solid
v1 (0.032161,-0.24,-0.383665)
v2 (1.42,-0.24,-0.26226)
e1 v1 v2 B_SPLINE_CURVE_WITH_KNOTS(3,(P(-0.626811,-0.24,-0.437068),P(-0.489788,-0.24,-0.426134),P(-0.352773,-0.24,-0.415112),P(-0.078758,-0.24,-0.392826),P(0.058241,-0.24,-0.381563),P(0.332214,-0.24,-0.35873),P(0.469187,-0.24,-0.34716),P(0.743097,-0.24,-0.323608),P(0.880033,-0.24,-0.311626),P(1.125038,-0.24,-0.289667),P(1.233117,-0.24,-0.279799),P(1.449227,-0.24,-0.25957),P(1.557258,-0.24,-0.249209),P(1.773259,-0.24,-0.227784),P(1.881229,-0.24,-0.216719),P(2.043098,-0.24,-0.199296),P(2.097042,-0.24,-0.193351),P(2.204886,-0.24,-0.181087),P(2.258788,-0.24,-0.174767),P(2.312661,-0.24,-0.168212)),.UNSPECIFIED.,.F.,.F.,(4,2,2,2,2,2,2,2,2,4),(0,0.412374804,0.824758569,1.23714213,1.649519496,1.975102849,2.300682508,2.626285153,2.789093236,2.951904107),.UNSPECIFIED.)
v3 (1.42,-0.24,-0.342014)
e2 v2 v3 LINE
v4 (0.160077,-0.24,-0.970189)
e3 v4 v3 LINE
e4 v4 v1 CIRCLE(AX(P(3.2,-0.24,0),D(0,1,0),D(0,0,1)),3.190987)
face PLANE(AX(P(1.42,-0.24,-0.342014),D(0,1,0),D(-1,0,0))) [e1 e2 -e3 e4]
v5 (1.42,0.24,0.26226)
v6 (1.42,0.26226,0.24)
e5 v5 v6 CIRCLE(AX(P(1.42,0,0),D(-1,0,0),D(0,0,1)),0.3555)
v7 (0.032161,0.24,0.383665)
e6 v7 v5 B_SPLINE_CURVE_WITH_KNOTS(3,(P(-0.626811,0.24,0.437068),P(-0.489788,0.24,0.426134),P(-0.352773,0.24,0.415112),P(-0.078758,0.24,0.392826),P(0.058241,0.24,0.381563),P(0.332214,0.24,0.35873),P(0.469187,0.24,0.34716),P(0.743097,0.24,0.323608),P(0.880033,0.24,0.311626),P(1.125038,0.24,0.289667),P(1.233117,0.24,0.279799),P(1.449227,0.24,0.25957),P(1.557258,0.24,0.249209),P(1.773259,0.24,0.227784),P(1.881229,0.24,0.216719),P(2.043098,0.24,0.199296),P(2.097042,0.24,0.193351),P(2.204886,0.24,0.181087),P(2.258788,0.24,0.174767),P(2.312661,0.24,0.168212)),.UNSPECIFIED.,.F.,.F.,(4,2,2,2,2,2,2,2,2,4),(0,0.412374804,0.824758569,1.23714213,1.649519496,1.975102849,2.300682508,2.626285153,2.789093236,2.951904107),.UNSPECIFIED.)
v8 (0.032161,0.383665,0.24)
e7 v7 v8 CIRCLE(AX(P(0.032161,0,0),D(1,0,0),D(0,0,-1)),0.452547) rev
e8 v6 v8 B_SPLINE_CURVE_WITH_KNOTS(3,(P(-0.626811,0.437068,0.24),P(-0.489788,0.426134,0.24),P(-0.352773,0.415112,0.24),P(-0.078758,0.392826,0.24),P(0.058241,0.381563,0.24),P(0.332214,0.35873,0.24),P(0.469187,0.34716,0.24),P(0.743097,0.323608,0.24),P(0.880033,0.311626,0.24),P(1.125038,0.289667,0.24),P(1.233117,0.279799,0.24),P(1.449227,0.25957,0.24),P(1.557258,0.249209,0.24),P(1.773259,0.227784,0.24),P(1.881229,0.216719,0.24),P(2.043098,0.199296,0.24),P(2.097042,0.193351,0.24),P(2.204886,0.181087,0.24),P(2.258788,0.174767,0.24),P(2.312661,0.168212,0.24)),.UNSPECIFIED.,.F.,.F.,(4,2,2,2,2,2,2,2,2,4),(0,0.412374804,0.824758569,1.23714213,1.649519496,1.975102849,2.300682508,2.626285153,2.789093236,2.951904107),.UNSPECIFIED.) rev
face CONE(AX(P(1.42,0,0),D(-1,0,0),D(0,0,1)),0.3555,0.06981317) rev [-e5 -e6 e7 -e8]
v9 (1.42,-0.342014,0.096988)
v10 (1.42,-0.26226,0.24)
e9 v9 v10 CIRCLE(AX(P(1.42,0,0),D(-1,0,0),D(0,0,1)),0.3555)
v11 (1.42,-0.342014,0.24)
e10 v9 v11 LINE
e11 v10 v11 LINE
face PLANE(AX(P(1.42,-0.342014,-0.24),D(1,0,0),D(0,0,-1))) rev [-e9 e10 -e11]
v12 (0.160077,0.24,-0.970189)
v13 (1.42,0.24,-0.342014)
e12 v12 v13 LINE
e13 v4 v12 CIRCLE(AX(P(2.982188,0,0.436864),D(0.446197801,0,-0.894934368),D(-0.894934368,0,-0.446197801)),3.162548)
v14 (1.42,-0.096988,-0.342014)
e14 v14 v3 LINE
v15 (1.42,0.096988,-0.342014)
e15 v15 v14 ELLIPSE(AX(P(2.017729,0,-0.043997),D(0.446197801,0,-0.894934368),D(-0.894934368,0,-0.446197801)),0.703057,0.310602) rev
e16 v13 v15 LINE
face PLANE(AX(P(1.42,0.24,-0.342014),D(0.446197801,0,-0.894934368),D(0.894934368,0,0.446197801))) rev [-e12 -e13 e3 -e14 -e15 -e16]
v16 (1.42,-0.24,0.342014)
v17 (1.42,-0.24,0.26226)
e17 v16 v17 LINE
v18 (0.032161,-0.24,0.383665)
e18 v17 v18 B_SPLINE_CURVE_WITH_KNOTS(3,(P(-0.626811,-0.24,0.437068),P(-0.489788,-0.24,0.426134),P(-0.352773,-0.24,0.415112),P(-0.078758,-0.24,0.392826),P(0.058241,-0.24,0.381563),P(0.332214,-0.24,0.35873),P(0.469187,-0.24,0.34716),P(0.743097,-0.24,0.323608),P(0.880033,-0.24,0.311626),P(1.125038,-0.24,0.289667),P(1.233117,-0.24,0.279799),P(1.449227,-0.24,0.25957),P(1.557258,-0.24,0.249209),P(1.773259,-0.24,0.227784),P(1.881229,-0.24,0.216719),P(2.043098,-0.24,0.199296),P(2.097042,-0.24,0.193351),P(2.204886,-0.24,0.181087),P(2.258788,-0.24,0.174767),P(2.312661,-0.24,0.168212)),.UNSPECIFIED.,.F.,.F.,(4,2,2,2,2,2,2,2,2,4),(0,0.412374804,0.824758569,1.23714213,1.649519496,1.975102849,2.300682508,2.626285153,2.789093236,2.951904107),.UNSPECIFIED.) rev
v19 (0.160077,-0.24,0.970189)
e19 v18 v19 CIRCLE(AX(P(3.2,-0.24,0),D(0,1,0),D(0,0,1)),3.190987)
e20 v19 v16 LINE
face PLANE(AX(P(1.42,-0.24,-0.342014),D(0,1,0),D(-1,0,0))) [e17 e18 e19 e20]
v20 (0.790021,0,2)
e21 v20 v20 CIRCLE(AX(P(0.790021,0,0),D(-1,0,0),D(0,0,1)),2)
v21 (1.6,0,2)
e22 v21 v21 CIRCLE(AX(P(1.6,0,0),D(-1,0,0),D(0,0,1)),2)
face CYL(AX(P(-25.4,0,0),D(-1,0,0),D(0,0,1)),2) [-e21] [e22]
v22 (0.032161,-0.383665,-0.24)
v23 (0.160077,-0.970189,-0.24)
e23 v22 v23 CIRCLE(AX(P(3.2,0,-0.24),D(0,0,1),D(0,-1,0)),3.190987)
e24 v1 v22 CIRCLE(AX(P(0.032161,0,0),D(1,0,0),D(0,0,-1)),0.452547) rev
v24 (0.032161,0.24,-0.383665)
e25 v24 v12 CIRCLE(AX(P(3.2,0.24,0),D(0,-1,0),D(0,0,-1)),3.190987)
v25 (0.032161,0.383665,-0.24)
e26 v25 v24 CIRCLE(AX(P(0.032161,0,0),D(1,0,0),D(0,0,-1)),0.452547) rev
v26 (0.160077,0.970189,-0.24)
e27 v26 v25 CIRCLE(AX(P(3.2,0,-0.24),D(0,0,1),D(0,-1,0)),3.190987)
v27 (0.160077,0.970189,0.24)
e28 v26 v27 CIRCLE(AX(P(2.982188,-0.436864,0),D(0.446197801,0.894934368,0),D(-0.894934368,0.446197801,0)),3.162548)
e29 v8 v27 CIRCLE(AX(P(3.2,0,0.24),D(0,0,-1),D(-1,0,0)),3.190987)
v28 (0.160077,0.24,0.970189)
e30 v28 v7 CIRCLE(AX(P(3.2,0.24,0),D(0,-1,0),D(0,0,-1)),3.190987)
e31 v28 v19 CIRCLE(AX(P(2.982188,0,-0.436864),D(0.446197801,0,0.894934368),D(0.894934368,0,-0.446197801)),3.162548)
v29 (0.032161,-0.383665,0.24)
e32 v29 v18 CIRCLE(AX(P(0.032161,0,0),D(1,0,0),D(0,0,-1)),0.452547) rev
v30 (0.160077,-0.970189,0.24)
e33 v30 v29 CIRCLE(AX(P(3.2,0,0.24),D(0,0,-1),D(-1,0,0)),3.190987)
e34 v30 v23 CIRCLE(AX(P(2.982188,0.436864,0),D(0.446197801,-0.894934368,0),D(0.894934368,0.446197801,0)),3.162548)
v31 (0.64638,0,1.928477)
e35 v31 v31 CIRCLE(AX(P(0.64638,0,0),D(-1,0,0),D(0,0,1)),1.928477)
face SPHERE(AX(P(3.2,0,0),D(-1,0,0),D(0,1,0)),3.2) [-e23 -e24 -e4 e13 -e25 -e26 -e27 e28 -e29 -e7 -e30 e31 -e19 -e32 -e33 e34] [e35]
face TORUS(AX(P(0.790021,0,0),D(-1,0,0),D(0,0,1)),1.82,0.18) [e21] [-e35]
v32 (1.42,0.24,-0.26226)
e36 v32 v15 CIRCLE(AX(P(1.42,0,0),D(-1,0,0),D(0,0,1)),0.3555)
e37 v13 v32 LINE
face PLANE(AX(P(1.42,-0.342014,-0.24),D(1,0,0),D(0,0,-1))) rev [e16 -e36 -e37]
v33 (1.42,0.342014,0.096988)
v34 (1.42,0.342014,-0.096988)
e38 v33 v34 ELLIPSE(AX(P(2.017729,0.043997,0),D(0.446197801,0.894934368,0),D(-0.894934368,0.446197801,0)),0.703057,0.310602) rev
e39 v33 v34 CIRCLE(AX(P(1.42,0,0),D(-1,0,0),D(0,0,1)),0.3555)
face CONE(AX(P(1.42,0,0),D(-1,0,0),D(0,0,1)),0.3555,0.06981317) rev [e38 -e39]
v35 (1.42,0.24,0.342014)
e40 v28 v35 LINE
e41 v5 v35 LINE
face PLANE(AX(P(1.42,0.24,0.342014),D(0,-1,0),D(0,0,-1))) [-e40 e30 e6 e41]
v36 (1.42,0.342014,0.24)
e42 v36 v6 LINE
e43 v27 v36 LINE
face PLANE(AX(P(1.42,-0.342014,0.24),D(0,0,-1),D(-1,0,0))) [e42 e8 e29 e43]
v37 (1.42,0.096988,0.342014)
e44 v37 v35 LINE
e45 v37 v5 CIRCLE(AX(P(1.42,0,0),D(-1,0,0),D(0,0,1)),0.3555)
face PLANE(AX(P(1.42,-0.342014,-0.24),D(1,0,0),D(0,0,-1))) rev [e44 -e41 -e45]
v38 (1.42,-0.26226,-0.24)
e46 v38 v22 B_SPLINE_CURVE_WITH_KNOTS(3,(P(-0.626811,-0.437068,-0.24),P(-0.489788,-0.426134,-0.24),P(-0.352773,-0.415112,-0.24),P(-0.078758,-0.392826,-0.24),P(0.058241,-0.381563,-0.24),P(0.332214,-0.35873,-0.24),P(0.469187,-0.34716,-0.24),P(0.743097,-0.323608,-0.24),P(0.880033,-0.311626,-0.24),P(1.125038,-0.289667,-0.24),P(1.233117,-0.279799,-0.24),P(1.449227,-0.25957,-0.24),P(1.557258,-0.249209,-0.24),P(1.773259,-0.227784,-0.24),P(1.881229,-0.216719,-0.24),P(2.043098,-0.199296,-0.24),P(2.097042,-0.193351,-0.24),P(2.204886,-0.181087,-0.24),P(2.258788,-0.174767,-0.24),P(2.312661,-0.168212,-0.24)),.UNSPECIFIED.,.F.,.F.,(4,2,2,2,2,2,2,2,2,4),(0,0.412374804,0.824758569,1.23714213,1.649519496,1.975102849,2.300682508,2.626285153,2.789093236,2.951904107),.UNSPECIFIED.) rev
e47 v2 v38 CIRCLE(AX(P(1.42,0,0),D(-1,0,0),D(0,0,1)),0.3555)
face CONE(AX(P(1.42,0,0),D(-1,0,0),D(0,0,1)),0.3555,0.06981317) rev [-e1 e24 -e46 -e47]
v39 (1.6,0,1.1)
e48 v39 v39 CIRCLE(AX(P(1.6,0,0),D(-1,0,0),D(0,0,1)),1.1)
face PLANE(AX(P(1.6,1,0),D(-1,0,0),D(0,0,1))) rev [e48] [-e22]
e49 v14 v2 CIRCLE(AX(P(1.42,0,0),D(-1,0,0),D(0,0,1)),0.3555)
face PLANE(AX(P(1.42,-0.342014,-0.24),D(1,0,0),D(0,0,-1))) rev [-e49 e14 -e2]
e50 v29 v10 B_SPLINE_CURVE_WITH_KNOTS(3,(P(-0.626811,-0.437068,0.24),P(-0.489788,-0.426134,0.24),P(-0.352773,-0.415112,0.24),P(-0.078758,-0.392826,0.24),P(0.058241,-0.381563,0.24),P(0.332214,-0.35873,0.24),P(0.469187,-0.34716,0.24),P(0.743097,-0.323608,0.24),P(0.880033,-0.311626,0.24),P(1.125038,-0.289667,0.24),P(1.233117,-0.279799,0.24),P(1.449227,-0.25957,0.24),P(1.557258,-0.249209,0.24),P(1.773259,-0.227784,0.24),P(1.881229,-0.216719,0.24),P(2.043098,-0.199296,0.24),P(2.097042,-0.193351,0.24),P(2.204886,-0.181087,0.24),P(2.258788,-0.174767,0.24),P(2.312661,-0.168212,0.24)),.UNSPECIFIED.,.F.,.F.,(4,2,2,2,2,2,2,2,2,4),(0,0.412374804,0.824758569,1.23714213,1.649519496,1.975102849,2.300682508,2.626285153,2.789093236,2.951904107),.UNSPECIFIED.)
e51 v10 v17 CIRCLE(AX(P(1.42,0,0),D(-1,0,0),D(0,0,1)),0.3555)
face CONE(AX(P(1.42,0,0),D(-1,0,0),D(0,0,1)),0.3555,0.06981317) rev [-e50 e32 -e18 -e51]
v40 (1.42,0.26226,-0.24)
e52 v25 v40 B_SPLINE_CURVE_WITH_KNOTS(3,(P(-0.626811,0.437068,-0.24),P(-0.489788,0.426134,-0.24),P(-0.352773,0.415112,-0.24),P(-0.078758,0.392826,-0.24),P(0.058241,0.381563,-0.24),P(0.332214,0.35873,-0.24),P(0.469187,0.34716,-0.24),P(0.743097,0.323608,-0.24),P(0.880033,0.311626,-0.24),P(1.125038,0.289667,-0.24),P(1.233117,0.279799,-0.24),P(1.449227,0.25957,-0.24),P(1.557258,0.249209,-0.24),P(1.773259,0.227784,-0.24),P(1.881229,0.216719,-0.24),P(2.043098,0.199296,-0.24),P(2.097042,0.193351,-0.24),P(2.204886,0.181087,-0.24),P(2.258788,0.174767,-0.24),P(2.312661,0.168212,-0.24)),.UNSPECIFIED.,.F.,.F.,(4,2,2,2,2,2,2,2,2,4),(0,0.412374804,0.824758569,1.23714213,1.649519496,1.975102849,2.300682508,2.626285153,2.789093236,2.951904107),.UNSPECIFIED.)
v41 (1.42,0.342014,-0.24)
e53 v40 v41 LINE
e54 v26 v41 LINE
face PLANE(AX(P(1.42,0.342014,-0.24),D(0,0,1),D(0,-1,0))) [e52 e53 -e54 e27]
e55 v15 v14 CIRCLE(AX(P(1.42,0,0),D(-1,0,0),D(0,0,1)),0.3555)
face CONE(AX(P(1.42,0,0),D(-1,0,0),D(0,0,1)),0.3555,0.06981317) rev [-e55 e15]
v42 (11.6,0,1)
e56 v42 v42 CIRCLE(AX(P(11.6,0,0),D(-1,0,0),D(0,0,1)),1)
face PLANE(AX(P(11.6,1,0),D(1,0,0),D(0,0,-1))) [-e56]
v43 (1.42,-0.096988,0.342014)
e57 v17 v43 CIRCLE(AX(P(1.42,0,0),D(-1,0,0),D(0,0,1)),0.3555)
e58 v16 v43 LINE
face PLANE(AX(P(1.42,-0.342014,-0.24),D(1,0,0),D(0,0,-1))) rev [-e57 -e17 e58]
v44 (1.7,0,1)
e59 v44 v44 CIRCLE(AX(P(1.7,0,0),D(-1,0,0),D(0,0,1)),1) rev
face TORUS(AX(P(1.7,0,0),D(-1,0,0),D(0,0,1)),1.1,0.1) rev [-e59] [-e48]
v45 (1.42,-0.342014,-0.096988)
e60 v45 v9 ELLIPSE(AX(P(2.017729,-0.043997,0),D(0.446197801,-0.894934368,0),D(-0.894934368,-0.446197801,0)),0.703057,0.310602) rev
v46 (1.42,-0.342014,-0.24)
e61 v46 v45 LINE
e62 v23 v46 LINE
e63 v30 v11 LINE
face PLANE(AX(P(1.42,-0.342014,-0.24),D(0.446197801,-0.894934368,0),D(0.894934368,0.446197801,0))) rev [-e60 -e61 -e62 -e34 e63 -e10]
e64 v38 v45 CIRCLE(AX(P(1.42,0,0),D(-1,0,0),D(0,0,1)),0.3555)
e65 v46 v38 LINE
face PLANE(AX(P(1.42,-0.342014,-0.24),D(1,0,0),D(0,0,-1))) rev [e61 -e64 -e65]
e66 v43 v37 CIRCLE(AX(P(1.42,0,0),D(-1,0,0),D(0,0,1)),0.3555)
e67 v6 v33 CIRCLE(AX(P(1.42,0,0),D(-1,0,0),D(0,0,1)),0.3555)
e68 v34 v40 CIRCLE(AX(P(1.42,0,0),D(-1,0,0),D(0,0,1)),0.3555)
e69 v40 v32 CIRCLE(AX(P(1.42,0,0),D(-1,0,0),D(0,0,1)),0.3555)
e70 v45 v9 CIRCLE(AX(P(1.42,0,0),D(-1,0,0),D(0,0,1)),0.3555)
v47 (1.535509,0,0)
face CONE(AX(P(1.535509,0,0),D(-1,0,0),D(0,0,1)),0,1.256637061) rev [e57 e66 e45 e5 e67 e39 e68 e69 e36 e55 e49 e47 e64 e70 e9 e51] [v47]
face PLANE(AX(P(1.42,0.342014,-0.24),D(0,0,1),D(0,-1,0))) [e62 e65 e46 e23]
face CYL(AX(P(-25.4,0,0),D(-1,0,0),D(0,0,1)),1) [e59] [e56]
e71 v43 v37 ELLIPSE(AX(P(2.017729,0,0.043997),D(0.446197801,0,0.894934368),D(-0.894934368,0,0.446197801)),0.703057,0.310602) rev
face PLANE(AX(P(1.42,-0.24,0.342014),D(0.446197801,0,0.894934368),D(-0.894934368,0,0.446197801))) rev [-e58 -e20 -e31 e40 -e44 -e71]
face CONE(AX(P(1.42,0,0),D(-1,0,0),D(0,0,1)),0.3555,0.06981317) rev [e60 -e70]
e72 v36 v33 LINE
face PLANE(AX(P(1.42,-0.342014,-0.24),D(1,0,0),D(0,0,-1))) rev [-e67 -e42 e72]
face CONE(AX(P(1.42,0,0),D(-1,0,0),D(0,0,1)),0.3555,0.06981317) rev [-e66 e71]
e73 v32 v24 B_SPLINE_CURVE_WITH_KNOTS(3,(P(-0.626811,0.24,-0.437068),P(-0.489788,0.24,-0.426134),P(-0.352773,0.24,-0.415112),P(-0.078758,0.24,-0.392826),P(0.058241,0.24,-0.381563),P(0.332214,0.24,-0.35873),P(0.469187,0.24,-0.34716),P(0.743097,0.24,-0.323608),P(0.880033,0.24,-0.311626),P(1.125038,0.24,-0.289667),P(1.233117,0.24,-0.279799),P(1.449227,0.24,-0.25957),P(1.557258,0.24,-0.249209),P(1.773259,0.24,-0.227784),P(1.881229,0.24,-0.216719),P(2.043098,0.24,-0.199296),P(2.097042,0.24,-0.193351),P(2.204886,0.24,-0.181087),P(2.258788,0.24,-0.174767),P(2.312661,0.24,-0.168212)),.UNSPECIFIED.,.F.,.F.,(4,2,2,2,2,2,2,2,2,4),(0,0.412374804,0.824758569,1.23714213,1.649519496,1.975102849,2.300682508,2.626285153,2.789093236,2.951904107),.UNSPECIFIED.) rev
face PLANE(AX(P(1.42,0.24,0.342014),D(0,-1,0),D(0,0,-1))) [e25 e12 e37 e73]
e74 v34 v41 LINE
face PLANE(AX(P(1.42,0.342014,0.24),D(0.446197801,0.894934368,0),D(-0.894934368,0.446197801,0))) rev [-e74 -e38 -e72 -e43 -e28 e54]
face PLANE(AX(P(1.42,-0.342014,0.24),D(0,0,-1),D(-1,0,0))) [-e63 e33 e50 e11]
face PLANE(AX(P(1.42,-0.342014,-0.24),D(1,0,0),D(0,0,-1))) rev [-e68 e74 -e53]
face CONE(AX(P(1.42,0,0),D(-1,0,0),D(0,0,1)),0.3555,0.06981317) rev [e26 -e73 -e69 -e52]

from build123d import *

# Parameters (mm, degrees)
FILLET1_R    = 0.1
RECPAT_COUNT = 2
RECPAT_ANGLE = 90


with BuildPart() as part:
    # BodySke → Base-Revolve (revolve)
    with BuildSketch(Plane.XY, mode=Mode.PRIVATE) as base_revolve_sk:
        with BuildLine():
            Line((1.6, 1), (1.6, 2))
            Line((1.6, 2), (0.790020747, 2))
            ThreePointArc((0.790020747, 2), (0.709789294, 1.981130115), (0.646379599, 1.928476821))
            ThreePointArc((0.646379599, 1.928476821), (0.165895084, 1.016959861), (0, 0))
            Line((0, 0), (11.6, 0))
            Line((11.6, 0), (11.6, 1))
            Line((11.6, 1), (1.6, 1))
        make_face()
    revolve(base_revolve_sk.sketch.rotate(Axis((0.790020747, 0, 0), (1, 0, 0)), 90), axis=Axis((0.790020747, 0, 0), (1, 0, 0)))

    # Fillet1
    fillet1_edges = [part.edges().sort_by_distance(p)[0] for p in [
        (1.6, 0, -1),
    ]]
    fillet(fillet1_edges, radius=FILLET1_R)

    # Sketch3 → Recess section 0
    with BuildSketch(Plane(origin=(0, 0, 0), x_dir=(0, 0, -1), z_dir=(1, 0, 0))):
        with BuildLine():
            Line((0.24, -1.05), (-0.24, -1.05))
            Line((-0.24, -1.05), (-0.24, 1.05))
            Line((-0.24, 1.05), (0.24, 1.05))
            Line((0.24, 1.05), (0.24, -1.05))
        make_face()
    # Sketch4 → Recess section 1
    with BuildSketch(Plane(origin=(1.42, 0, 0), x_dir=(0, 0, -1), z_dir=(1, 0, 0))):
        with BuildLine():
            Line((0.24, -0.342014141), (-0.24, -0.342014141))
            Line((-0.24, -0.342014141), (-0.24, 0.342014141))
            Line((-0.24, 0.342014141), (0.24, 0.342014141))
            Line((0.24, 0.342014141), (0.24, -0.342014141))
        make_face()
    recess = loft(mode=Mode.SUBTRACT)

    # RecPat: Recess ×2 about axis
    recpat_axis = Axis((0, 0, 0), (1, 0, 0))
    for i in range(1, RECPAT_COUNT):
        add(recess.rotate(recpat_axis, i * RECPAT_ANGLE / (RECPAT_COUNT - 1)), mode=Mode.SUBTRACT)

    # RecCorSke → RecessCore (revolve, cut)
    with BuildSketch(Plane.XY, mode=Mode.PRIVATE) as recesscore_sk:
        Polygon((0, 0), (0, 0.454796073), (1.42, 0.3555), (1.535508952, 0), align=None)
    revolve(recesscore_sk.sketch.rotate(Axis((-3.175, 0, 0), (1, 0, 0)), 13.894577821), axis=Axis((-3.175, 0, 0), (1, 0, 0)), mode=Mode.SUBTRACT)


solid = part.part
